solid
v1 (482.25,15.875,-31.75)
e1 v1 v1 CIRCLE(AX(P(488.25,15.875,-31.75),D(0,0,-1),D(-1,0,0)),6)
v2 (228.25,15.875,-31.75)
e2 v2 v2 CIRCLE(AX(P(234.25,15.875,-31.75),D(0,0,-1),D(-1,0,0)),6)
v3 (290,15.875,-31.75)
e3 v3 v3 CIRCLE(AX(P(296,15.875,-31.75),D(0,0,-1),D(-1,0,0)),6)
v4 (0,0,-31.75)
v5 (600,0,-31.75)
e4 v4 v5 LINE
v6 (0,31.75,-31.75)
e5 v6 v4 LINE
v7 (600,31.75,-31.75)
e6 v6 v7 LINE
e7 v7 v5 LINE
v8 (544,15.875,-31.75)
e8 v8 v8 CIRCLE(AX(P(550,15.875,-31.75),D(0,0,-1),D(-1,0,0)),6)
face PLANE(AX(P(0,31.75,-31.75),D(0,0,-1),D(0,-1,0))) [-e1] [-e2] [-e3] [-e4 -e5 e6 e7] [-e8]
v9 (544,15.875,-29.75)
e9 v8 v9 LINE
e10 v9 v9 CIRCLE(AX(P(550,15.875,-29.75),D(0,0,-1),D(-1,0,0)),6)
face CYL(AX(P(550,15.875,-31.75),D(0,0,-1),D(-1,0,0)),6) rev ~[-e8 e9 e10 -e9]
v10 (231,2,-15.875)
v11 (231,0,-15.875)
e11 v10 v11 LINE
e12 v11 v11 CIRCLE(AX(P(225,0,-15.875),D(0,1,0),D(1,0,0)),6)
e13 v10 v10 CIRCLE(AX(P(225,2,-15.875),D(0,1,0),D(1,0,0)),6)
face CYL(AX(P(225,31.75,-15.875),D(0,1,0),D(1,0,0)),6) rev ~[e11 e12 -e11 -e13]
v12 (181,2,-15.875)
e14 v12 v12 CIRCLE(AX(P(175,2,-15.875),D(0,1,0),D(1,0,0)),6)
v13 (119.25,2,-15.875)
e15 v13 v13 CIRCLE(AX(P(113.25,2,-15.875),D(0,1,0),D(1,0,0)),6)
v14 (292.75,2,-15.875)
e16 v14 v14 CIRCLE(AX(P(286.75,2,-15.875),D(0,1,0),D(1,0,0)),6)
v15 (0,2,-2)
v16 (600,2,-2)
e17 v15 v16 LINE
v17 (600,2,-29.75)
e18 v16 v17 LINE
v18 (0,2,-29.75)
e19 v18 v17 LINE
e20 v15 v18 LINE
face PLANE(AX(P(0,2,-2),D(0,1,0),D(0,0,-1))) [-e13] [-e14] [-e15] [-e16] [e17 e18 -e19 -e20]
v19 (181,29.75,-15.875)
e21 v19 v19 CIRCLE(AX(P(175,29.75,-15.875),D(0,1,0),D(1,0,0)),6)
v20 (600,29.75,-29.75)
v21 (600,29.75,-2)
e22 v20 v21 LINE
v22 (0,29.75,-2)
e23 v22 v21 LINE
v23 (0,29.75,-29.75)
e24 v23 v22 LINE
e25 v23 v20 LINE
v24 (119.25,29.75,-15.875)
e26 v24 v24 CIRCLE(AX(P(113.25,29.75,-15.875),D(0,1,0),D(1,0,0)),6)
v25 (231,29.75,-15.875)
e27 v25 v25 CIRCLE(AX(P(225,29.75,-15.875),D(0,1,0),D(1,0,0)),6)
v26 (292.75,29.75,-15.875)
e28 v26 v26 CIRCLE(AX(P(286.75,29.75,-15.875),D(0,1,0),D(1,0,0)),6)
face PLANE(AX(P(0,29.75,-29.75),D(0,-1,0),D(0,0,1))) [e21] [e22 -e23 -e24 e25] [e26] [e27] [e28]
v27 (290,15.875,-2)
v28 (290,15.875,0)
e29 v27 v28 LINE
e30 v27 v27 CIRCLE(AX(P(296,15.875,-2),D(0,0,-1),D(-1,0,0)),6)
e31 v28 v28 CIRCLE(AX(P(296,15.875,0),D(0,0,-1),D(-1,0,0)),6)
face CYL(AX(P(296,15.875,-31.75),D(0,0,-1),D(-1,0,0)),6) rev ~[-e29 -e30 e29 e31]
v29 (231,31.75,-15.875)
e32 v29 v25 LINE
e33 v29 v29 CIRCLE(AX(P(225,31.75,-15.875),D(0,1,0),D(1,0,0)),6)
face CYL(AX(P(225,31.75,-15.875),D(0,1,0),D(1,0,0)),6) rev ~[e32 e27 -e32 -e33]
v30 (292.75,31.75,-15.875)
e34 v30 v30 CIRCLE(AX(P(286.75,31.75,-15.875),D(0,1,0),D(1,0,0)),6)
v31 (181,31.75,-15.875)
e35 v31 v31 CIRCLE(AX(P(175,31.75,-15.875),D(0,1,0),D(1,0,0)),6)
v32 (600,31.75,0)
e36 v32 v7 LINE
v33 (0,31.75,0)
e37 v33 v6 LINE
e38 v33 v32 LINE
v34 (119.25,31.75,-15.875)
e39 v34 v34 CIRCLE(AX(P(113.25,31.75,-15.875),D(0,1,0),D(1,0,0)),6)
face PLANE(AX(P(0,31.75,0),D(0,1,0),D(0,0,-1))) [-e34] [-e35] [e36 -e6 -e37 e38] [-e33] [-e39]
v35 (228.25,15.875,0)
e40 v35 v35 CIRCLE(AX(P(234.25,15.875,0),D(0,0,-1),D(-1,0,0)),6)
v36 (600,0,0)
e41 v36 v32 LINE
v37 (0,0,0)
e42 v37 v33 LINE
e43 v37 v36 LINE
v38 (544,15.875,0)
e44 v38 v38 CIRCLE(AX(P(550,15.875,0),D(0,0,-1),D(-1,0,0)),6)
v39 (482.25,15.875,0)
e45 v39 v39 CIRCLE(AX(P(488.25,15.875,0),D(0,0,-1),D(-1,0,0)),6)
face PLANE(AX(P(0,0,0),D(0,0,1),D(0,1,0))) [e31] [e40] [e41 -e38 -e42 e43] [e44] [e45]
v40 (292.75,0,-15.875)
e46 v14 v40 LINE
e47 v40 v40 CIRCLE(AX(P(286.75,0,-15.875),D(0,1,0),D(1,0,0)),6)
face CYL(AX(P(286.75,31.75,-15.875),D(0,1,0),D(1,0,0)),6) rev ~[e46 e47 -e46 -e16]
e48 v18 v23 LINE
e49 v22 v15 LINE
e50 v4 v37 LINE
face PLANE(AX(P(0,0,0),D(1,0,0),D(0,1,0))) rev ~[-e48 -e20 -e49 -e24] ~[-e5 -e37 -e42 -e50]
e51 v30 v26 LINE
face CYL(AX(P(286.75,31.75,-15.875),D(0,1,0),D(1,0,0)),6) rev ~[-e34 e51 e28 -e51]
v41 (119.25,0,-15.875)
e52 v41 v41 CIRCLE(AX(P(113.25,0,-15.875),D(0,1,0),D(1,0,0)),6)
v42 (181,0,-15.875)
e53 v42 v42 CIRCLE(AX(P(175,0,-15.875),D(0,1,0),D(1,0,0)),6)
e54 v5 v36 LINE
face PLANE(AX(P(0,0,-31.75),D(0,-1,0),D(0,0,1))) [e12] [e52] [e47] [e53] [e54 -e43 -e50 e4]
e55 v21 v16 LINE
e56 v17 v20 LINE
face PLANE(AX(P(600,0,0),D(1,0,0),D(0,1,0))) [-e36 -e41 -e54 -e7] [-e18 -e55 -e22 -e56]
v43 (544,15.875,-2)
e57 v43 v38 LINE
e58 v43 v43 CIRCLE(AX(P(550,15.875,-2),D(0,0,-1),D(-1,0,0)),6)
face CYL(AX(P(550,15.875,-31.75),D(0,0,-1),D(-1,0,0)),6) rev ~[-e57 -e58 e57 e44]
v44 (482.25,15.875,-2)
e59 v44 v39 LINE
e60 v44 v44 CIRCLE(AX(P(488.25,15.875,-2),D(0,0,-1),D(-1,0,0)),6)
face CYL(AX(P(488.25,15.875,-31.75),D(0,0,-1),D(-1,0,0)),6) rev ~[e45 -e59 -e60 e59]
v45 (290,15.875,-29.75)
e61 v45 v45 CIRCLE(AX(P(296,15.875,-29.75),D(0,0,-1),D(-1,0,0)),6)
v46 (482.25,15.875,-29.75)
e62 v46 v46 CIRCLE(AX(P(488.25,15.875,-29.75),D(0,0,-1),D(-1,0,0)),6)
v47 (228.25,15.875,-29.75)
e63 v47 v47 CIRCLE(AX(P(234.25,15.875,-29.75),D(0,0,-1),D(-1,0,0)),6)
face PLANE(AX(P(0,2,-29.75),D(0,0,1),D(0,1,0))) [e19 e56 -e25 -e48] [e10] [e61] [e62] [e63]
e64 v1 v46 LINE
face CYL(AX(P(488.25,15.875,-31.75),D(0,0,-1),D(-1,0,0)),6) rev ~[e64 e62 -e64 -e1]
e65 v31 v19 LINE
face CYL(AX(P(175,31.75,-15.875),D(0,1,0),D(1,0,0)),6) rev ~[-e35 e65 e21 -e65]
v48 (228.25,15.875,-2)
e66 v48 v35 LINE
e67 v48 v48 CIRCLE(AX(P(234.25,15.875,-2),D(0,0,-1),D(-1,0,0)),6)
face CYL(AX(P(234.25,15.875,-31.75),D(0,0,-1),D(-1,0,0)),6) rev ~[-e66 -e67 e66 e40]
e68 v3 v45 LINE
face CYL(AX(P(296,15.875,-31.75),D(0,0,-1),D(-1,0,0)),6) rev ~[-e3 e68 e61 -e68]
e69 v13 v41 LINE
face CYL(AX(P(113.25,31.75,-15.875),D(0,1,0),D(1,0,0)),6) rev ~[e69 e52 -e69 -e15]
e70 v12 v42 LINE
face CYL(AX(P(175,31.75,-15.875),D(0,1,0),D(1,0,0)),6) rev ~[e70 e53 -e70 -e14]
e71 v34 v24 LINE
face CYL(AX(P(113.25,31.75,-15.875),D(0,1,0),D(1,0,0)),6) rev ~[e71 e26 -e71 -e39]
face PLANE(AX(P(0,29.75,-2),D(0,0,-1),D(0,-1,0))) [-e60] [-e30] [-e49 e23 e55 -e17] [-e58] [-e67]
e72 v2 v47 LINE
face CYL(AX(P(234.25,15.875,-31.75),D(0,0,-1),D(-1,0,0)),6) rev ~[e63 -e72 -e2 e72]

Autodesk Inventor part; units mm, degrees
ref_plane "YZ Plane" through (0, 0, 0) normal (1, 0, 0) x (0, 1, 0)
ref_plane "XZ Plane" through (0, 0, 0) normal (0, 1, 0) x (-1, 0, 0)
ref_plane "XY Plane" through (0, 0, 0) normal (0, 0, 1) x (1, 0, 0)
sketch "Sketch1" plane through (0, 0, 0) normal (1, 0, 0) x (0, 1, 0)
  line L0 (0, 0) -> (31.75, 0)
  line L1 (31.75, 0) -> (31.75, -31.75)
  line L2 (31.75, -31.75) -> (0, -31.75)
  line L3 (0, -31.75) -> (0, 0)
  line L4 (29.75, -29.75) -> (29.75, -2)
  line L5 (29.75, -2) -> (2, -2)
  line L6 (2, -2) -> (2, -29.75)
  line L7 (2, -29.75) -> (29.75, -29.75)
  dimension "d0" = 31.75
  dimension "d1" = 31.75
  dimension "d2" = 2
extrude "Extrusion1" add sketch "Sketch1" along normal blind 600
sketch "Sketch2" plane through (0, 31.75, 0) normal (0, 1, 0) x (1, 0, 0)
  line L0 (0, 0) -> (600, 0) projected
  line L1 (600, 0) -> (400, 0)
  line L2 (0, 0) -> (400, 0)
  line L3 (0, 0) -> (400, 0)
  line L4 (0, 0) -> (200, 0)
  line L5 (0, 31.75) -> (0, 0) projected
  line L6 (0, 0) -> (600, 0) projected
  line L7 (600, 31.75) -> (600, 0) projected
  line L8 (0, 31.75) -> (600, 31.75) projected
  circle A0 centre (286.75, 15.875) radius 6
  circle A1 centre (113.25, 15.875) radius 6
  circle A2 centre (175, 15.875) radius 6
  circle A3 centre (225, 15.875) radius 6
  dimension "d5" = 200
  dimension "d6" = 200
  dimension "d7" = 12
  dimension "d8" = 86.75
  dimension "d9" = 12
  dimension "d10" = 86.75
  dimension "d11" = 12
  dimension "d12" = 61.75
  dimension "d13" = 12
  dimension "d14" = 61.75
extrude "Extrusion2" cut sketch "Sketch2" against normal through all contours A0 | A1 | A2 | A3
sketch "Sketch3" plane through (0, 0, -31.75) normal (0, 0, -1) x (-1, 0, 0)
  line L0 (-600, 0) -> (-550, 0)
  line L1 (0, 0) -> (-600, 0) projected
  line L2 (0, 0) -> (0, 31.75) projected
  line L3 (0, 31.75) -> (-600, 31.75) projected
  line L4 (-600, 0) -> (-600, 31.75) projected
  line L5 (0, 0) -> (-600, 0) projected
  circle A0 centre (-550, 15.875) radius 6
  circle A1 centre (-488.25, 15.875) radius 6
  dimension "d17" = 50
  dimension "d19" = 12
  dimension "d20" = 12
  dimension "d21" = 61.75
extrude "Extrusion3" cut sketch "Sketch3" against normal through all contours A0 | A1
sketch "Sketch4" plane through (0, 0, -31.75) normal (0, 0, -1) x (-1, 0, 0)
  circle A0 centre (-296, 15.875) radius 6
  circle A1 centre (-488.25, 15.875) radius 6 projected
  circle A2 centre (-234.25, 15.875) radius 6
  point P0 (0, 0)
  dimension "d24" = 12
  dimension "d25" = 180.25
  dimension "d28" = 12
  dimension "d29" = 61.75
extrude "Extrusion4" cut sketch "Sketch4" against normal through all contours A0 | A2
properties part number "Base_Fija_Acero"
